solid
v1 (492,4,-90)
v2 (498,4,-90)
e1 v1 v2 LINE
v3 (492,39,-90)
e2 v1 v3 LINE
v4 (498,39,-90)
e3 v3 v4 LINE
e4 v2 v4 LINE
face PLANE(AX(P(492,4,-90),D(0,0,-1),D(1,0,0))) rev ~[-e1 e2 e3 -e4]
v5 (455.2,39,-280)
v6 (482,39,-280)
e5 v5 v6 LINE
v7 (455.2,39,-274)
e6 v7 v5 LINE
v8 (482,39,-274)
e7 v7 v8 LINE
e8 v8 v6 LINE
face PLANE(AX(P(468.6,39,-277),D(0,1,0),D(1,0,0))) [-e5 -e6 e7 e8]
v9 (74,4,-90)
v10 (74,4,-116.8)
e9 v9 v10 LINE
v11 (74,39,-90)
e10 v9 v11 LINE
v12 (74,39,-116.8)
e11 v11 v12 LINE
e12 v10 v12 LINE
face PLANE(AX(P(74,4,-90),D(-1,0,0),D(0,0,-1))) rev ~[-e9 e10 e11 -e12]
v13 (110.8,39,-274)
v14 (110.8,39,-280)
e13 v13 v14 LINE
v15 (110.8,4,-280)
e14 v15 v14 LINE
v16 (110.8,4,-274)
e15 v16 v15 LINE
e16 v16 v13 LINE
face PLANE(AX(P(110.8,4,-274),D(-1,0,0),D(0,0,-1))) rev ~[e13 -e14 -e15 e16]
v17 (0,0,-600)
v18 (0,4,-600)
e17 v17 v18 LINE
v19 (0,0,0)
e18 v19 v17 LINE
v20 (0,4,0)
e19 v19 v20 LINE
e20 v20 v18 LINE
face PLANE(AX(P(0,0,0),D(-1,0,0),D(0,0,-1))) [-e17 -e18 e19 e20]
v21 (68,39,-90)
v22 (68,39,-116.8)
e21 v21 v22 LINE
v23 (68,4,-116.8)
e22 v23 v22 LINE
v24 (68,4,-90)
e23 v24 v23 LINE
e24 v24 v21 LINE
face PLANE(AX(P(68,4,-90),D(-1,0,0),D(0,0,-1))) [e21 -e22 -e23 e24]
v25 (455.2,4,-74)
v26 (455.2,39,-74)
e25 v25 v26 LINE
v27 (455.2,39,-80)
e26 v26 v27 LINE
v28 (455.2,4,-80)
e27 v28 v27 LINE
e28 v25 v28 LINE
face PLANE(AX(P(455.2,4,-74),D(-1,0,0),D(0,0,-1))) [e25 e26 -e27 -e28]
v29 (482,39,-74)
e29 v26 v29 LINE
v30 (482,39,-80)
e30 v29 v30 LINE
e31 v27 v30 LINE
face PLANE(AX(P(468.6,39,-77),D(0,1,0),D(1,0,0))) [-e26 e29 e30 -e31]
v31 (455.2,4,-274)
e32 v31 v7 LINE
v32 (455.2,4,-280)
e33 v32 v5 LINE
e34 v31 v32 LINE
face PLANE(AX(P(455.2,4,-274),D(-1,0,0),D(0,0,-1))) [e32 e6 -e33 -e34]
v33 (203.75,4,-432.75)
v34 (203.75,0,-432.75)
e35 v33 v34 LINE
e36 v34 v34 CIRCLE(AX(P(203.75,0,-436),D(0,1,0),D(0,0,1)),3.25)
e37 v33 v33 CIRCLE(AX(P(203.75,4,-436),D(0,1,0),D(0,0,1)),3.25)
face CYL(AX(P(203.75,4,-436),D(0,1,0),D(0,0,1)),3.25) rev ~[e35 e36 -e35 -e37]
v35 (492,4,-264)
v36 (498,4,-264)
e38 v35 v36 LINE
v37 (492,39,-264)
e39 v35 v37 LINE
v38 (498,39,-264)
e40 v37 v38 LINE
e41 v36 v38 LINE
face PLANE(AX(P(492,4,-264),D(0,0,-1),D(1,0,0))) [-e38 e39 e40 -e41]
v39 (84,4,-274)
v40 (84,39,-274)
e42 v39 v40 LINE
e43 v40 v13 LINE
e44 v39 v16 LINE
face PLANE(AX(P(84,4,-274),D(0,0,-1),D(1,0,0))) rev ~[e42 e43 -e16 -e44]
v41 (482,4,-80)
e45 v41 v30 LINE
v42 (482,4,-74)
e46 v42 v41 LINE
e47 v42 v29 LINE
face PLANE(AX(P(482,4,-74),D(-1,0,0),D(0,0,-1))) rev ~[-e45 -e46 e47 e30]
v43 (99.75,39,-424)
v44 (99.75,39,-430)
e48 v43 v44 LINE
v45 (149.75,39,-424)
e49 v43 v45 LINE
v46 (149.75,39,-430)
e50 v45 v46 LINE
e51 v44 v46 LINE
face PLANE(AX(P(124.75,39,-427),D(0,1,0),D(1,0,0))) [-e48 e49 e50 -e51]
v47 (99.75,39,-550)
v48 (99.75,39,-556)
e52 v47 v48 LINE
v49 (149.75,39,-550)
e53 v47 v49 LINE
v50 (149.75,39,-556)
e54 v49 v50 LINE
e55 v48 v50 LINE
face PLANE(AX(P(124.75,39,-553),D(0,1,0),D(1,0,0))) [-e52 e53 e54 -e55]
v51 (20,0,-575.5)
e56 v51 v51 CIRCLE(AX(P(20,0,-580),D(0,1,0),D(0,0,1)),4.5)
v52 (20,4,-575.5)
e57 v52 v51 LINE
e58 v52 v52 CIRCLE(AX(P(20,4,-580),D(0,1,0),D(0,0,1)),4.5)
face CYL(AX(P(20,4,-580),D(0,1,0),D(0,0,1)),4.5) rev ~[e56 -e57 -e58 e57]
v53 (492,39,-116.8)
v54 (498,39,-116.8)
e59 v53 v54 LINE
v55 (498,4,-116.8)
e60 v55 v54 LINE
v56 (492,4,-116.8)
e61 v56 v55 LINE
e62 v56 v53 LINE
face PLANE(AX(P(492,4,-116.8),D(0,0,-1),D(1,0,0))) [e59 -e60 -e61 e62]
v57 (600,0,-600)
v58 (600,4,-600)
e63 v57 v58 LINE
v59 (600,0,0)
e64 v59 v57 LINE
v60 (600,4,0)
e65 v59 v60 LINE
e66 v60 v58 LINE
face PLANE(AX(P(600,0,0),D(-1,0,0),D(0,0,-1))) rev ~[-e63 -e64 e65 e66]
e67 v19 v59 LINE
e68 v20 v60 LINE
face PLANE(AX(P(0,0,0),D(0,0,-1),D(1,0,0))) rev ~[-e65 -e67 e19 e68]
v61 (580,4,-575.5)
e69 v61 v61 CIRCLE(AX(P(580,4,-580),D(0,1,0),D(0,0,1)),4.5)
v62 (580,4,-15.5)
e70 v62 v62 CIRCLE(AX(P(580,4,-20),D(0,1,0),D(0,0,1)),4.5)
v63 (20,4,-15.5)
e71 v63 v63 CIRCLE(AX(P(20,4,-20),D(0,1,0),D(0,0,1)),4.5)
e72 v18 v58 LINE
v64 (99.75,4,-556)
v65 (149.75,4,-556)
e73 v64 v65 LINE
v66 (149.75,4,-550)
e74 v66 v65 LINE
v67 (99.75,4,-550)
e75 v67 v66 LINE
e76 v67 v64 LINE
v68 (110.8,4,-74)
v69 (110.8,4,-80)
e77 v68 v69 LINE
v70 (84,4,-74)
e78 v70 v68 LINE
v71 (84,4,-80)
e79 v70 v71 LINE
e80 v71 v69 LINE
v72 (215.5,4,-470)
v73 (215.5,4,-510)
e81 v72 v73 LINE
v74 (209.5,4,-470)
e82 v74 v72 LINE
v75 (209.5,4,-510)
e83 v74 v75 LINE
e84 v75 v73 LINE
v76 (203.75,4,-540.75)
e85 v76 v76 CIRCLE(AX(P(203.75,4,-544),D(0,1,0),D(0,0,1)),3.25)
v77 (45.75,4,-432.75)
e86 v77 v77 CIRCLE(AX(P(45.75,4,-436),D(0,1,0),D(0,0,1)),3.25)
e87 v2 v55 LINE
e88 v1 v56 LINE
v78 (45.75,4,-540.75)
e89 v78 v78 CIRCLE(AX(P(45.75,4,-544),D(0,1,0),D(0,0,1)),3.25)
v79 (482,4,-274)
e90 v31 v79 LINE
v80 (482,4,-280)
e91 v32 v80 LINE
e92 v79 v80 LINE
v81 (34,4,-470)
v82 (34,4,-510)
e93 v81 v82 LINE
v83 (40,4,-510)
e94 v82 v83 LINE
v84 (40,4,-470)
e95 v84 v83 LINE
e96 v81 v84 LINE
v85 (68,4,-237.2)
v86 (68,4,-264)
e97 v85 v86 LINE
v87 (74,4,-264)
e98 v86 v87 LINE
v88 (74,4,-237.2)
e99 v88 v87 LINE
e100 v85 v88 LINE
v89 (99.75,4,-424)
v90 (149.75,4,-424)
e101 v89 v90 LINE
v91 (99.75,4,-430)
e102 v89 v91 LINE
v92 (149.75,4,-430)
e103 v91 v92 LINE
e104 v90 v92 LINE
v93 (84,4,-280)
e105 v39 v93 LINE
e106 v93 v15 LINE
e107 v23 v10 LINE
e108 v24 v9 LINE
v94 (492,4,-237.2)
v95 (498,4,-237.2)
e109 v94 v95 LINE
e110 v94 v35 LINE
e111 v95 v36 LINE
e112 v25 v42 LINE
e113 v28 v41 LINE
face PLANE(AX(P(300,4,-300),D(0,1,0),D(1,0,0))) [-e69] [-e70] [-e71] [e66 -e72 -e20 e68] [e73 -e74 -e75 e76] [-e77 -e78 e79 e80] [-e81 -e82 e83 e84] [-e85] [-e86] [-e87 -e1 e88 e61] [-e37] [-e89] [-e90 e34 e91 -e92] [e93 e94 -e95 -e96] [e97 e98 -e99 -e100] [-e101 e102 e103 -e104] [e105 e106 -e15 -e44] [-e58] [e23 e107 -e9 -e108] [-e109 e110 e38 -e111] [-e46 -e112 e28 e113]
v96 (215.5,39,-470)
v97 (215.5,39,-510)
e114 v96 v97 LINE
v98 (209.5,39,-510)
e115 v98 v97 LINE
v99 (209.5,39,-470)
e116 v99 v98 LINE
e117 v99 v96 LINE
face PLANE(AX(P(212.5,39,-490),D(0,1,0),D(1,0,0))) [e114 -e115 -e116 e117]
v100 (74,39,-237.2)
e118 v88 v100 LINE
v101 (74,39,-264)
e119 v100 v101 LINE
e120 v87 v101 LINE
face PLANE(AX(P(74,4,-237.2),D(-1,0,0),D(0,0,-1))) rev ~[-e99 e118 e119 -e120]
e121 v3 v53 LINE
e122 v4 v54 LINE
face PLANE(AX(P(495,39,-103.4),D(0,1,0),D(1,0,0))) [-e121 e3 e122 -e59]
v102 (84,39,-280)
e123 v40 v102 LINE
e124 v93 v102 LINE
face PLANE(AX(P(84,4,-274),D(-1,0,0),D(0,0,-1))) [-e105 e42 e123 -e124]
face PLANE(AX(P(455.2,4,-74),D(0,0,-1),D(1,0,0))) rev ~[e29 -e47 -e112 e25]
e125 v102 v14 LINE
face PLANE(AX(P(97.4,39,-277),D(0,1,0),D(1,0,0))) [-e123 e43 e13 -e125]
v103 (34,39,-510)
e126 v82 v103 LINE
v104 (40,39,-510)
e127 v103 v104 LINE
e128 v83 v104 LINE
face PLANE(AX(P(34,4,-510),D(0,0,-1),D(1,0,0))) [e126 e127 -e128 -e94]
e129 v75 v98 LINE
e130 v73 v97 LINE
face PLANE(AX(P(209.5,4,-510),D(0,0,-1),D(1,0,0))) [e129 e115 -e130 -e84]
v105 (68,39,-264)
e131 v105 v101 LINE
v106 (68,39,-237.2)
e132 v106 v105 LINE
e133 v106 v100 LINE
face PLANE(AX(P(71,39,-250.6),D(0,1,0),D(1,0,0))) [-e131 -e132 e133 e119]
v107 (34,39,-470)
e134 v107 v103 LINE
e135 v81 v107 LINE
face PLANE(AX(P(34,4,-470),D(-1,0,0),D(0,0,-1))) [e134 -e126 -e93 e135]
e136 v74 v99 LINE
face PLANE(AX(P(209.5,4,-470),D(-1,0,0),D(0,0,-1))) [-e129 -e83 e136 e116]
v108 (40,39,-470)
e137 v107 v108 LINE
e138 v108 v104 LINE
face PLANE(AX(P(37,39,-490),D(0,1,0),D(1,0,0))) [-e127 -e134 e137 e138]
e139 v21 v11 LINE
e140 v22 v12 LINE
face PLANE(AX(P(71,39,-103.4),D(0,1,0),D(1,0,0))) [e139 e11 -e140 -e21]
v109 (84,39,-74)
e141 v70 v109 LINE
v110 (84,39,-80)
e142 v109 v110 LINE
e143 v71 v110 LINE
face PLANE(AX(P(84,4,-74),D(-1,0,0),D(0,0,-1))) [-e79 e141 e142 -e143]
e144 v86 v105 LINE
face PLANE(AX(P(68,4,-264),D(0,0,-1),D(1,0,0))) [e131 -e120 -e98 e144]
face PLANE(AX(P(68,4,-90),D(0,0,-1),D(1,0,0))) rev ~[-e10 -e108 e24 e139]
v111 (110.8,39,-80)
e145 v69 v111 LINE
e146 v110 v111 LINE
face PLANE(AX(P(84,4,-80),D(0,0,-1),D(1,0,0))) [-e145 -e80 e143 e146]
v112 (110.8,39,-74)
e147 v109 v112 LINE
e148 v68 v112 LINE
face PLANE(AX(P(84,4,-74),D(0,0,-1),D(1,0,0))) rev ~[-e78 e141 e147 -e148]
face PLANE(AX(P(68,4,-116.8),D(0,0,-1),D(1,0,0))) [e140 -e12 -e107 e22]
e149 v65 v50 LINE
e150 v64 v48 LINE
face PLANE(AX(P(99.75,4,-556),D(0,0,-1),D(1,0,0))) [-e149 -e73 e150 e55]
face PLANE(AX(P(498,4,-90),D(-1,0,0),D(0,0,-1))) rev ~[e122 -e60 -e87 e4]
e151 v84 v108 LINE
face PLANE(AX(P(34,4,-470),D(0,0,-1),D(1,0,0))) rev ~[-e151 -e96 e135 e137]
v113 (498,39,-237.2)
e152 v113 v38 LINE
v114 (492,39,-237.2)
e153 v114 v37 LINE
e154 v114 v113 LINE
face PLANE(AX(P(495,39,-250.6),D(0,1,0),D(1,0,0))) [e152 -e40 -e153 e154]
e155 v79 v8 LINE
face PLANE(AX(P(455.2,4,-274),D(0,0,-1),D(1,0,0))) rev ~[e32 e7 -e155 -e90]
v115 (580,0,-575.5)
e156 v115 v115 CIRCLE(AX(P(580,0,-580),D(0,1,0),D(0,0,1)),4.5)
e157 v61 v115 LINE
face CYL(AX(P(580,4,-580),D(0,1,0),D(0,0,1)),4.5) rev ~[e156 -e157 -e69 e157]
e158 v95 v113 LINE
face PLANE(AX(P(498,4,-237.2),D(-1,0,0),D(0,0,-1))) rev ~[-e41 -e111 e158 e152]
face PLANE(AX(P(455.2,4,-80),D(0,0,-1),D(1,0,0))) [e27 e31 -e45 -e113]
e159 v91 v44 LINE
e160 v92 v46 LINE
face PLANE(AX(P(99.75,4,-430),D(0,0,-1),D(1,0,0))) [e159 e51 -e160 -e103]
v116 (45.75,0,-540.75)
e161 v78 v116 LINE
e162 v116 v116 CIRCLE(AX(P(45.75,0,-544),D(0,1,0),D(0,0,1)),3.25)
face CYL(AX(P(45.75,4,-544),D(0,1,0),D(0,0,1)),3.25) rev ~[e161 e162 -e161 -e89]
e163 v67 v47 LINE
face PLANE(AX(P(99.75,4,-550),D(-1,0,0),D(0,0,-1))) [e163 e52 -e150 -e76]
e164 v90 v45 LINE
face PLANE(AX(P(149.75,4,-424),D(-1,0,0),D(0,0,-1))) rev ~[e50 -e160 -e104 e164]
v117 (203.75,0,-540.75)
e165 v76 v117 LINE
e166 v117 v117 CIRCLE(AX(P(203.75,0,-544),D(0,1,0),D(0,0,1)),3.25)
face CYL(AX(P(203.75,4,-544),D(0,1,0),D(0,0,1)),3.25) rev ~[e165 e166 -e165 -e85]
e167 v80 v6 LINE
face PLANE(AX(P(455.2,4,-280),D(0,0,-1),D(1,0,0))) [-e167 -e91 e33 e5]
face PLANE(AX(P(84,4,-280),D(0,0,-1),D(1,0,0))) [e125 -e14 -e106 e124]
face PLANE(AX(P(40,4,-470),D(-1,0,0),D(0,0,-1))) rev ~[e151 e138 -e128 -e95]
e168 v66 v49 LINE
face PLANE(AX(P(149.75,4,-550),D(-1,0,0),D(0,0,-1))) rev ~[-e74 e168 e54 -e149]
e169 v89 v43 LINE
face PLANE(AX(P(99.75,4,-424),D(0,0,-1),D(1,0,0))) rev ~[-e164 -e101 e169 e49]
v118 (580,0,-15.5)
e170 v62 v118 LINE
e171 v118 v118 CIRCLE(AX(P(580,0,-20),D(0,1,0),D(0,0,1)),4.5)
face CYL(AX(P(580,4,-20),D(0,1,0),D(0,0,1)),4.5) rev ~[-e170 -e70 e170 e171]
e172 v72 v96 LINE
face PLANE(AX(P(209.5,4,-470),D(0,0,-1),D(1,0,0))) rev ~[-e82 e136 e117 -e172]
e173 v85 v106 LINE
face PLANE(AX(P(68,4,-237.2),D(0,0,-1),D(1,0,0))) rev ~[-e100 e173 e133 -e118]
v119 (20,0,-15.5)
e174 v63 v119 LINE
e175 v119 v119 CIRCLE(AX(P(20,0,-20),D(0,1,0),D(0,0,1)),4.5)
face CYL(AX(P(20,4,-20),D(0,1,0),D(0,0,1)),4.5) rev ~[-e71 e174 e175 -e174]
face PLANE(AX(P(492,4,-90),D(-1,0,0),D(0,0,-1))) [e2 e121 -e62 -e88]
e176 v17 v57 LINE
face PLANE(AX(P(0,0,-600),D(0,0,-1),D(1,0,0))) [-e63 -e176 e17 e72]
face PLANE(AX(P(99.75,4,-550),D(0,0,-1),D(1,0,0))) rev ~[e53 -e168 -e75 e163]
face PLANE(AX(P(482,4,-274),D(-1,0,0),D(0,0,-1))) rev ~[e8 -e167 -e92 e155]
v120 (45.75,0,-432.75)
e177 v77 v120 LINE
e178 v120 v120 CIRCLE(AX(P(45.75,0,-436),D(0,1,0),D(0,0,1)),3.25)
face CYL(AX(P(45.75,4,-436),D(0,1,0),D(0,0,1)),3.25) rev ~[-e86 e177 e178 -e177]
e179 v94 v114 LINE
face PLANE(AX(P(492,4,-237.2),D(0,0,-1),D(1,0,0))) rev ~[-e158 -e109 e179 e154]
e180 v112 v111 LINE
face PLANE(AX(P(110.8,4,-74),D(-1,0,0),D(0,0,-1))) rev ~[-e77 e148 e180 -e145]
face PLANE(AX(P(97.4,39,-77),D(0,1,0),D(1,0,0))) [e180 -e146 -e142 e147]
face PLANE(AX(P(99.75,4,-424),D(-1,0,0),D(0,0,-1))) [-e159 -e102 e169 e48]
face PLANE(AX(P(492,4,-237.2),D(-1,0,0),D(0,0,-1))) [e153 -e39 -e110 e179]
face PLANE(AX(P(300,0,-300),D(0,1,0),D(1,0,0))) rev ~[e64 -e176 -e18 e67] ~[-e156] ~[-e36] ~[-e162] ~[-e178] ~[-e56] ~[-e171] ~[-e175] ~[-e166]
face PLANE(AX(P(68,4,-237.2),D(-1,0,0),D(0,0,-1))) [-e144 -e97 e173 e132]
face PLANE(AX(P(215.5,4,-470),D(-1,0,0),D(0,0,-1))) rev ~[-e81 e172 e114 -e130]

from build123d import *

# Parameters (mm, degrees)
SKETCH1_W           = 600
SKETCH1_H           = 600
BOSS_EXTRUDE1_DEPTH = 4
CUT_EXTRUDE1_REACH  = 850.538
SKETCH2_R           = 4.5
CUT_EXTRUDE2_REACH  = 850.538
SKETCH4_R           = 3.25
SKETCH4_3_W         = 6
SKETCH4_3_H         = 40
SKETCH4_3_W_2       = 50
SKETCH4_3_H_2       = 6
BOSS_EXTRUDE2_DEPTH = 35
SKETCH5_W           = 6
SKETCH5_H           = 26.8
SKETCH5_W_2         = 26.8
SKETCH5_H_2         = 6
BOSS_EXTRUDE3_DEPTH = 35


with BuildPart() as part:
    # Sketch1 → Boss-Extrude1 (new body)
    with BuildSketch(Plane(origin=(0, 0, 0), x_dir=(1, 0, 0), z_dir=(0, 1, 0))):
        with Locations((300, 300)):
            Rectangle(SKETCH1_W, SKETCH1_H)
    extrude(amount=BOSS_EXTRUDE1_DEPTH)

    # Sketch2 → Cut-Extrude1 (cut, up to next)
    with BuildSketch(Plane(origin=(0, 4, 0), x_dir=(1, 0, 0), z_dir=(0, 1, 0)), mode=Mode.PRIVATE) as cut_extrude1_sk1:
        with Locations((20, 580)):
            Circle(SKETCH2_R)
    cut_extrude1_tool1 = extrude(cut_extrude1_sk1.sketch, amount=-CUT_EXTRUDE1_REACH, mode=Mode.PRIVATE) & part.part
    # Sketch2 → Cut-Extrude1 (cut, up to next)
    with BuildSketch(Plane(origin=(0, 4, 0), x_dir=(1, 0, 0), z_dir=(0, 1, 0)), mode=Mode.PRIVATE) as cut_extrude1_sk2:
        with Locations((580, 580)):
            Circle(SKETCH2_R)
    cut_extrude1_tool2 = extrude(cut_extrude1_sk2.sketch, amount=-CUT_EXTRUDE1_REACH, mode=Mode.PRIVATE) & part.part
    # Sketch2 → Cut-Extrude1 (cut, up to next)
    with BuildSketch(Plane(origin=(0, 4, 0), x_dir=(1, 0, 0), z_dir=(0, 1, 0)), mode=Mode.PRIVATE) as cut_extrude1_sk3:
        with Locations((580, 20)):
            Circle(SKETCH2_R)
    cut_extrude1_tool3 = extrude(cut_extrude1_sk3.sketch, amount=-CUT_EXTRUDE1_REACH, mode=Mode.PRIVATE) & part.part
    # Sketch2 → Cut-Extrude1 (cut, up to next)
    with BuildSketch(Plane(origin=(0, 4, 0), x_dir=(1, 0, 0), z_dir=(0, 1, 0)), mode=Mode.PRIVATE) as cut_extrude1_sk4:
        with Locations((20, 20)):
            Circle(SKETCH2_R)
    cut_extrude1_tool4 = extrude(cut_extrude1_sk4.sketch, amount=-CUT_EXTRUDE1_REACH, mode=Mode.PRIVATE) & part.part
    add(cut_extrude1_tool1.solids().sort_by_distance((20, 4, -580))[0], mode=Mode.SUBTRACT)
    add(cut_extrude1_tool2.solids().sort_by_distance((580, 4, -580))[0], mode=Mode.SUBTRACT)
    add(cut_extrude1_tool3.solids().sort_by_distance((580, 4, -20))[0], mode=Mode.SUBTRACT)
    add(cut_extrude1_tool4.solids().sort_by_distance((20, 4, -20))[0], mode=Mode.SUBTRACT)

    # Sketch4 → Cut-Extrude2 (cut, up to next)
    with BuildSketch(Plane(origin=(0, 4, 0), x_dir=(1, 0, 0), z_dir=(0, 1, 0)), mode=Mode.PRIVATE) as cut_extrude2_sk1:
        with Locations((45.75, 544)):
            Circle(SKETCH4_R)
    cut_extrude2_tool1 = extrude(cut_extrude2_sk1.sketch, amount=-CUT_EXTRUDE2_REACH, mode=Mode.PRIVATE) & part.part
    # Sketch4 → Cut-Extrude2 (cut, up to next)
    with BuildSketch(Plane(origin=(0, 4, 0), x_dir=(1, 0, 0), z_dir=(0, 1, 0)), mode=Mode.PRIVATE) as cut_extrude2_sk2:
        with Locations((203.75, 544)):
            Circle(SKETCH4_R)
    cut_extrude2_tool2 = extrude(cut_extrude2_sk2.sketch, amount=-CUT_EXTRUDE2_REACH, mode=Mode.PRIVATE) & part.part
    # Sketch4 → Cut-Extrude2 (cut, up to next)
    with BuildSketch(Plane(origin=(0, 4, 0), x_dir=(1, 0, 0), z_dir=(0, 1, 0)), mode=Mode.PRIVATE) as cut_extrude2_sk3:
        with Locations((45.75, 436)):
            Circle(SKETCH4_R)
    cut_extrude2_tool3 = extrude(cut_extrude2_sk3.sketch, amount=-CUT_EXTRUDE2_REACH, mode=Mode.PRIVATE) & part.part
    # Sketch4 → Cut-Extrude2 (cut, up to next)
    with BuildSketch(Plane(origin=(0, 4, 0), x_dir=(1, 0, 0), z_dir=(0, 1, 0)), mode=Mode.PRIVATE) as cut_extrude2_sk4:
        with Locations((203.75, 436)):
            Circle(SKETCH4_R)
    cut_extrude2_tool4 = extrude(cut_extrude2_sk4.sketch, amount=-CUT_EXTRUDE2_REACH, mode=Mode.PRIVATE) & part.part
    add(cut_extrude2_tool1.solids().sort_by_distance((45.75, 4, -544))[0], mode=Mode.SUBTRACT)
    add(cut_extrude2_tool2.solids().sort_by_distance((203.75, 4, -544))[0], mode=Mode.SUBTRACT)
    add(cut_extrude2_tool3.solids().sort_by_distance((45.75, 4, -436))[0], mode=Mode.SUBTRACT)
    add(cut_extrude2_tool4.solids().sort_by_distance((203.75, 4, -436))[0], mode=Mode.SUBTRACT)

    # Sketch4<3> → Boss-Extrude2 (add)
    with BuildSketch(Plane(origin=(0, 4, 0), x_dir=(1, 0, 0), z_dir=(0, 1, 0))):
        with Locations((37, 490)):
            Rectangle(SKETCH4_3_W, SKETCH4_3_H)
        with Locations((124.75, 553)):
            Rectangle(SKETCH4_3_W_2, SKETCH4_3_H_2)
        with Locations((212.5, 490)):
            Rectangle(SKETCH4_3_W, SKETCH4_3_H)
        with Locations((124.75, 427)):
            Rectangle(SKETCH4_3_W_2, SKETCH4_3_H_2)
    extrude(amount=BOSS_EXTRUDE2_DEPTH)

    # Sketch5 → Boss-Extrude3 (add)
    with BuildSketch(Plane(origin=(0, 4, 0), x_dir=(1, 0, 0), z_dir=(0, 1, 0))):
        with Locations((495, 103.4)):
            Rectangle(SKETCH5_W, SKETCH5_H)
        with Locations((97.4, 277)):
            Rectangle(SKETCH5_W_2, SKETCH5_H_2)
        with Locations((71, 250.6)):
            Rectangle(SKETCH5_W, SKETCH5_H)
        with Locations((97.4, 77)):
            Rectangle(SKETCH5_W_2, SKETCH5_H_2)
        with Locations((495, 250.6)):
            Rectangle(SKETCH5_W, SKETCH5_H)
        with Locations((468.6, 277)):
            Rectangle(SKETCH5_W_2, SKETCH5_H_2)
        with Locations((71, 103.4)):
            Rectangle(SKETCH5_W, SKETCH5_H)
        with Locations((468.6, 77)):
            Rectangle(SKETCH5_W_2, SKETCH5_H_2)
    extrude(amount=BOSS_EXTRUDE3_DEPTH)


solid = part.part
